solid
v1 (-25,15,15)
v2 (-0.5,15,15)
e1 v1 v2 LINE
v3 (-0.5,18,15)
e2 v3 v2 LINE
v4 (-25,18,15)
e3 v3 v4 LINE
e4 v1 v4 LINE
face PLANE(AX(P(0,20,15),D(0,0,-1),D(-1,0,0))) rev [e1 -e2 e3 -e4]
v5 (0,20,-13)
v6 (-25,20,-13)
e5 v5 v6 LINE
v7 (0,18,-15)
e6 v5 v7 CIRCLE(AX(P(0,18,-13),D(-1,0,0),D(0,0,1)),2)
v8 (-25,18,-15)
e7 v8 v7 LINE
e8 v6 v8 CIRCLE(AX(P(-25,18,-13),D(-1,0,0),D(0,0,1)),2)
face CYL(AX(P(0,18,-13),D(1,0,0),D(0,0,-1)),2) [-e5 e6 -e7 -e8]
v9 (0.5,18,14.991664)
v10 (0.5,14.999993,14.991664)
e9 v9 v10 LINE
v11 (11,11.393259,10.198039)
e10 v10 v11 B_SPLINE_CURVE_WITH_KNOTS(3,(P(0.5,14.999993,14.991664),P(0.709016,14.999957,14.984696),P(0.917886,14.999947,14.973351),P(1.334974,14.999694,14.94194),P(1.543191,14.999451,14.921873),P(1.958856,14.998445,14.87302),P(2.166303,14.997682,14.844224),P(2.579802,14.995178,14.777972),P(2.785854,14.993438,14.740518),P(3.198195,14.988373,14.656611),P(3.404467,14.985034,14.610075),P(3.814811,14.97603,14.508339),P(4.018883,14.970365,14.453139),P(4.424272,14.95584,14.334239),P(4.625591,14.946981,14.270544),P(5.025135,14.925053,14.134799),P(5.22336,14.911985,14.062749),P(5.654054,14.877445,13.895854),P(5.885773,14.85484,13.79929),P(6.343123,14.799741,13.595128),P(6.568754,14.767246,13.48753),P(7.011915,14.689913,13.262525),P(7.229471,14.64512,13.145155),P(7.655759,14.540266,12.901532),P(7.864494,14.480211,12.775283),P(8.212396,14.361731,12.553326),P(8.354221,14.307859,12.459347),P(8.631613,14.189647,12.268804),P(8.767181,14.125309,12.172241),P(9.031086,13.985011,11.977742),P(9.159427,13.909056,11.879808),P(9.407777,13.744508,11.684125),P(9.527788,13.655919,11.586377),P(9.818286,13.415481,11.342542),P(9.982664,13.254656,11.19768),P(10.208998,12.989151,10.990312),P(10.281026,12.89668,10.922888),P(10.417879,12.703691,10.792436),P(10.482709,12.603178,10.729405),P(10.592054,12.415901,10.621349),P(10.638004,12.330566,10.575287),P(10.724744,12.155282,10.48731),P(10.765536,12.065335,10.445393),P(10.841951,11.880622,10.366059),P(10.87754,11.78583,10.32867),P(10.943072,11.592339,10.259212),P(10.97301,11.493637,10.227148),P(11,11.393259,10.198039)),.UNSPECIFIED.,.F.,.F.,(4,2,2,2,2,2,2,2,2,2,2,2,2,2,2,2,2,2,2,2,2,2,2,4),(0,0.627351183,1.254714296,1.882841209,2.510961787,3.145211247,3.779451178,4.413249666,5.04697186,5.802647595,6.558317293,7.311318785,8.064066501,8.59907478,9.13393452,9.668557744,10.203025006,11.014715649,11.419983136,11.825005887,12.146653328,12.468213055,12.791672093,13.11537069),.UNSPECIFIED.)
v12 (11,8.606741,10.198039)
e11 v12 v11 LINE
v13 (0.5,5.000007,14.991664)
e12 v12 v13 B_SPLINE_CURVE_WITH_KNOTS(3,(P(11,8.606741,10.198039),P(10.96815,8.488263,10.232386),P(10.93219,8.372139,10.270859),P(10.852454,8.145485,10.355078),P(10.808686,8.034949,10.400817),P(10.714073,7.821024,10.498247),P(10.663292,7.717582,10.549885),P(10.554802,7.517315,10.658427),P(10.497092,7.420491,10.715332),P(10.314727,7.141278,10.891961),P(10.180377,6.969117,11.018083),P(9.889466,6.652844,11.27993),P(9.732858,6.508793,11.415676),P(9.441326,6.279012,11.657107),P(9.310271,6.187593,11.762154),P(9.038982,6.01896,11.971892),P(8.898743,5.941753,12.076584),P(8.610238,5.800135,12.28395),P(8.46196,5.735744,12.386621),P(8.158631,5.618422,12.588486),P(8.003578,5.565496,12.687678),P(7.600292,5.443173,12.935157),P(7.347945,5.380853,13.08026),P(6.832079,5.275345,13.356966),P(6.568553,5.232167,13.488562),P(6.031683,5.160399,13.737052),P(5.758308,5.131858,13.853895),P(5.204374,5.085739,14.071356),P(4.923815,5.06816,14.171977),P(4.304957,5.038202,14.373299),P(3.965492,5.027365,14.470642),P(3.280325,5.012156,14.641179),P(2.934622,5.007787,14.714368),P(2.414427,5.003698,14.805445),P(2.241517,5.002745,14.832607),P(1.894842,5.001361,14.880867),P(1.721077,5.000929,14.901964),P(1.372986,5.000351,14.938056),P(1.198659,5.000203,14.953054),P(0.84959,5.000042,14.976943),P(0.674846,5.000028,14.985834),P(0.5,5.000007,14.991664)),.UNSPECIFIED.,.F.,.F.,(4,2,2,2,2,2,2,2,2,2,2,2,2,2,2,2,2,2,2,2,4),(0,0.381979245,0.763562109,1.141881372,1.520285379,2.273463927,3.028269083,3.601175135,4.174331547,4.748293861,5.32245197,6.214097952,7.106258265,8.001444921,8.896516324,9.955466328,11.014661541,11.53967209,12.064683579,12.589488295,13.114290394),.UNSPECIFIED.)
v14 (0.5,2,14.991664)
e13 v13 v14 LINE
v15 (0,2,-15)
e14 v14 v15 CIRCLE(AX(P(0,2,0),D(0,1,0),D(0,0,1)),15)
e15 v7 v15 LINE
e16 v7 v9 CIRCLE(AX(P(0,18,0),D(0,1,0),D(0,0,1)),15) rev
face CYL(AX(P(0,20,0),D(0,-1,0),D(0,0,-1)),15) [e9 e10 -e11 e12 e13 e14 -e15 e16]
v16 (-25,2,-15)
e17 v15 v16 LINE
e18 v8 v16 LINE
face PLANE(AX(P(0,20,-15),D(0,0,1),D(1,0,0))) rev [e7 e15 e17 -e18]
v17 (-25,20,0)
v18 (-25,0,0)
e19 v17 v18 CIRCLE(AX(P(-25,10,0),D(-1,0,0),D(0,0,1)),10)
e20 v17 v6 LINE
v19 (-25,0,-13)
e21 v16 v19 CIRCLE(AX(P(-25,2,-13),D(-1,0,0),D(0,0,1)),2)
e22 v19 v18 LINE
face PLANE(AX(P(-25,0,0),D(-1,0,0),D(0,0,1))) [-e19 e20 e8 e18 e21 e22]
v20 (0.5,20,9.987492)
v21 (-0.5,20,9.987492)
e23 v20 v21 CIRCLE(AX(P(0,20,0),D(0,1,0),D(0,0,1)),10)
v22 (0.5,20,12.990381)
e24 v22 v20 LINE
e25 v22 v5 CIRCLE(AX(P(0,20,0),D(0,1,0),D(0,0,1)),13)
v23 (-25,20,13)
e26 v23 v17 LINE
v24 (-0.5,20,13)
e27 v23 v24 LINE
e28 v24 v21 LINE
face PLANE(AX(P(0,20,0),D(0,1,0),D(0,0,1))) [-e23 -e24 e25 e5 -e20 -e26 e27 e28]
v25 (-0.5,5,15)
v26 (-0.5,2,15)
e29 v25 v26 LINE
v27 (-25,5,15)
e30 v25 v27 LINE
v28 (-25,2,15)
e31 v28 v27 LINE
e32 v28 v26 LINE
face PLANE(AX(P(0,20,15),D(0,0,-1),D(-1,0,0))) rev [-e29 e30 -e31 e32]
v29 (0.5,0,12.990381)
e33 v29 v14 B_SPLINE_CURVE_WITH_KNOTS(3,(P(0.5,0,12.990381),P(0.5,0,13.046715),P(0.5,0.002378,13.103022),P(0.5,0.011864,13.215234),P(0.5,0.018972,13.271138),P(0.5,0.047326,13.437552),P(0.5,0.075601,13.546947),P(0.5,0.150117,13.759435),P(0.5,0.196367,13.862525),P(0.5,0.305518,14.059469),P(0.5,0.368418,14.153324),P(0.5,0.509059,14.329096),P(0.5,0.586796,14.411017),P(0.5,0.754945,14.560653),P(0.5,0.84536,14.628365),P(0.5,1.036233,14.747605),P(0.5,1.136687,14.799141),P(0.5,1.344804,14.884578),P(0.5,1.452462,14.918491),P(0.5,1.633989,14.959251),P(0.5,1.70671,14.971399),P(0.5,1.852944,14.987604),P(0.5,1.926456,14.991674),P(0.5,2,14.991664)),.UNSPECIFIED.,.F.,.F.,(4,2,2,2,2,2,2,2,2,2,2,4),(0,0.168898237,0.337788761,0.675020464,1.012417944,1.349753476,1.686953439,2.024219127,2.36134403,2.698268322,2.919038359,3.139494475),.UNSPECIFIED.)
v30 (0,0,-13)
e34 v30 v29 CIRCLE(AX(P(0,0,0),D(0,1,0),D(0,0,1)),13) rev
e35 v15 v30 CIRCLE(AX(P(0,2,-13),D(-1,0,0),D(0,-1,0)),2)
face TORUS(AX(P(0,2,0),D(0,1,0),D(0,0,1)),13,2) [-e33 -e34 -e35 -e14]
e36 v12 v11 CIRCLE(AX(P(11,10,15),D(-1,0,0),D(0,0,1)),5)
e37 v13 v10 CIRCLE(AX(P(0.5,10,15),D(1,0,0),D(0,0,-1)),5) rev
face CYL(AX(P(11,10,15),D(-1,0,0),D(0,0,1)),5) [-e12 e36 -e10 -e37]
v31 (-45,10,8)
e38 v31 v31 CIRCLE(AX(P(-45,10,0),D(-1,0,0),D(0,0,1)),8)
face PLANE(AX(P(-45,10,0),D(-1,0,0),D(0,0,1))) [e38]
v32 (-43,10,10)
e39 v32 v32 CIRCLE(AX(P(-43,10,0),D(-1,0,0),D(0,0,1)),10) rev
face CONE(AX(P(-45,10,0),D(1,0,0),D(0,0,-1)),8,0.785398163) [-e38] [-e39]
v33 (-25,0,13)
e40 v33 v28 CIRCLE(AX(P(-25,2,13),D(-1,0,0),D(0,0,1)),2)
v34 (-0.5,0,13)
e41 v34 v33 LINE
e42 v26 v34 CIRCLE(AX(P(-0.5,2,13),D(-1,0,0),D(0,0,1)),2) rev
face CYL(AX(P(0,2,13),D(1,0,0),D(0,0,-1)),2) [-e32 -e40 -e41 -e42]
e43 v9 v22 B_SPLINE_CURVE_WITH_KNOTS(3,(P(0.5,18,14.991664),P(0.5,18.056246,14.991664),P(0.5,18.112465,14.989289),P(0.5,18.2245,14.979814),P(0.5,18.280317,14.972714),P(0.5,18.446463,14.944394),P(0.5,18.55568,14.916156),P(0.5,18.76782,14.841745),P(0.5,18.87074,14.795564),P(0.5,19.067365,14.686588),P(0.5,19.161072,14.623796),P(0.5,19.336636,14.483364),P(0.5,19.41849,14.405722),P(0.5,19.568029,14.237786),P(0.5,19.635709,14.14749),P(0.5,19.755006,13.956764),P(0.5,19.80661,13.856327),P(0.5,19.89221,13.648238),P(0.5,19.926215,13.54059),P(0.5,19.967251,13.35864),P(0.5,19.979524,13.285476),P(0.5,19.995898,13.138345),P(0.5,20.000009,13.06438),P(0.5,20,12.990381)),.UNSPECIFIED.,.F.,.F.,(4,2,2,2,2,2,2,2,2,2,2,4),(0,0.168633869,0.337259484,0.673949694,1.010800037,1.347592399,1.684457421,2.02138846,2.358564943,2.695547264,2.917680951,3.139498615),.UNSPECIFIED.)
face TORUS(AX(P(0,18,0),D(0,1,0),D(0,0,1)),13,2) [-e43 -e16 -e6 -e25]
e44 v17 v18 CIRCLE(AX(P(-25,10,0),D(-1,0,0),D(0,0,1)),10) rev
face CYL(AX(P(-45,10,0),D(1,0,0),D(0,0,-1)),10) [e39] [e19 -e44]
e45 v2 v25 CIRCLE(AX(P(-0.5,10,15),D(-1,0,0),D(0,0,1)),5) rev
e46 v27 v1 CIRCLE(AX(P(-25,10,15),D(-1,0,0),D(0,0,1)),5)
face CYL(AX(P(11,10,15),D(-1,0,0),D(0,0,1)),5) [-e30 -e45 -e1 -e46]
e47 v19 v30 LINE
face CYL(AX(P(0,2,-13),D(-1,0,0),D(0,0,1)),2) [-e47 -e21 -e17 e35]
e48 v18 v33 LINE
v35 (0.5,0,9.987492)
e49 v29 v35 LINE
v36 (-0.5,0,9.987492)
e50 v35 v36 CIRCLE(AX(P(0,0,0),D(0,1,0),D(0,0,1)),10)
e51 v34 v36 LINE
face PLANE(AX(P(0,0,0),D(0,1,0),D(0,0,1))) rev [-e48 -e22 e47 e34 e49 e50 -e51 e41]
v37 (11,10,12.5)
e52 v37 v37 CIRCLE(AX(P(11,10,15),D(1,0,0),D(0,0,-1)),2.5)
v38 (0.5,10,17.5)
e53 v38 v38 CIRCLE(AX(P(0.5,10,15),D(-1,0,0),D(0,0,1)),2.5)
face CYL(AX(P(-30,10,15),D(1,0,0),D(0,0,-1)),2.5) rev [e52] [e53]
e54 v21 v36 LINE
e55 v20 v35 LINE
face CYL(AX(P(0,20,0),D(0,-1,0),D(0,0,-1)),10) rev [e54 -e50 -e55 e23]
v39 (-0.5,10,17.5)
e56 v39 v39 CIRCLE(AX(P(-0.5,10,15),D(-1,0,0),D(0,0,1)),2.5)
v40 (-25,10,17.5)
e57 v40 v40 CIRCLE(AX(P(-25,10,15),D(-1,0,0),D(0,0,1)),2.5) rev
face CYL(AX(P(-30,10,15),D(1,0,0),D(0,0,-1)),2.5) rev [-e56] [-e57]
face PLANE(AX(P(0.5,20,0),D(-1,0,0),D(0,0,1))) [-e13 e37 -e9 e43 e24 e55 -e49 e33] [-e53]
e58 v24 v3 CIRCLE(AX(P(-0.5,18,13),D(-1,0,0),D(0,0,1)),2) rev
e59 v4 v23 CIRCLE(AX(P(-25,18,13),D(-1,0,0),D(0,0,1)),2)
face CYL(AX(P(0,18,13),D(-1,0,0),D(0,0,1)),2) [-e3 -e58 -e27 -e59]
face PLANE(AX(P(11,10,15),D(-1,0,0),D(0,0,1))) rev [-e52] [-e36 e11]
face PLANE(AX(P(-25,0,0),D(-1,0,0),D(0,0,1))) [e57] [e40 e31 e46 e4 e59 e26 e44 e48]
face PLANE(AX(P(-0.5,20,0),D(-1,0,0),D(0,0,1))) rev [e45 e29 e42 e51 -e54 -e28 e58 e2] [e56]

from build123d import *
from build123d.topology import SkipClean

# Parameters (mm, degrees)
BOSS_EXTRUDE1_DEPTH = 20
SKETCH2_R           = 5
BOSS_EXTRUDE2_DEPTH = 41
CUT_EXTRUDE1_DEPTH  = 41
SKETCH4_R           = 2.5
CUT_EXTRUDE2_DEPTH  = 50.809637702
FILLET1_R           = 2
SKETCH5_R           = 10
BOSS_EXTRUDE3_DEPTH = 15
CUT_EXTRUDE3_DEPTH  = 5
CHAMFER1_SIZE       = 2


with BuildPart() as part:
    # Sketch1 → Boss-Extrude1 (new body)
    with BuildSketch(Plane(origin=(0, 0, 0), x_dir=(1, 0, 0), z_dir=(0, 1, 0))):
        with BuildLine():
            ThreePointArc((0.5, -14.991664351), (14.997915943, 0.250034739), (0, 15))
            Line((0, 15), (-30, 15))
            Line((-30, 15), (-30, -15))
            Line((-30, -15), (-0.5, -15))
            Line((-0.5, -15), (-0.5, -9.987492178))
            ThreePointArc((-0.5, -9.987492178), (0, 10), (0.5, -9.987492178))
            Line((0.5, -9.987492178), (0.5, -14.991664351))
        make_face()
    extrude(amount=BOSS_EXTRUDE1_DEPTH)

    # Sketch2 → Boss-Extrude2 (add)
    with BuildSketch(Plane.ZY.offset(30)):
        with Locations(Location((15, 10, 0), (0, 0, 270))):
            Circle(SKETCH2_R)
    extrude(amount=-BOSS_EXTRUDE2_DEPTH)

    # Sketch3 → Cut-Extrude1 (cut)
    with BuildSketch(Plane(origin=(0, 20, 0), x_dir=(1, 0, 0), z_dir=(0, 1, 0))):
        Polygon((-0.5, -15), (-0.5, -9.987492178), (0.5, -9.987492178), (0.5, -14.991664351), (0.5, -20), (-0.5, -20), align=None)
    extrude(amount=-CUT_EXTRUDE1_DEPTH, mode=Mode.SUBTRACT)

    # Sketch4 → Cut-Extrude2 (cut, through all)
    with BuildSketch(Plane(origin=(11, 0, 0), x_dir=(0, 0, -1), z_dir=(1, 0, 0))):
        with Locations((-15, 10)):
            Circle(SKETCH4_R)
    extrude(amount=-CUT_EXTRUDE2_DEPTH, mode=Mode.SUBTRACT)

    # Fillet1
    fillet1_edges = [part.edges().sort_by_distance(p)[0] for p in [
        (-15, 0, -15),
        (14.997915943, 0, -0.250034739),
        (-15, 20, -15),
        (-15.25, 20, 15),
        (14.997915943, 20, -0.250034739),
        (-15.25, 0, 15),
    ]]
    fillet(fillet1_edges, radius=FILLET1_R)

    # Sketch5 → Boss-Extrude3 (add)
    with BuildSketch(Plane.ZY.offset(30)):
        with Locations(Location((0, 10, 0), (0, 0, 270))):
            Circle(SKETCH5_R)
    extrude(amount=BOSS_EXTRUDE3_DEPTH)

    # Sketch6 → Cut-Extrude3 (cut)
    with SkipClean():  # the faces are left unmerged after this step: merging them gives an invalid solid
        with BuildSketch(Plane.ZY.offset(30)):
            with BuildLine():
                ThreePointArc((0, 0), (-10, 10), (0, 20))
                Line((0, 20), (-13, 20))
                ThreePointArc((-13, 20), (-14.414213562, 19.414213562), (-15, 18))
                Line((-15, 18), (-15, 2))
                ThreePointArc((-15, 2), (-14.414213562, 0.585786438), (-13, 0))
                Line((-13, 0), (0, 0))
            make_face()
            with BuildLine():
                Line((13, 20), (0, 20))
                ThreePointArc((0, 20), (10, 10), (0, 0))
                Line((0, 0), (13, 0))
                ThreePointArc((13, 0), (14.414213562, 0.585786438), (15, 2))
                Line((15, 2), (15, 5))
                ThreePointArc((15, 5), (20, 10), (15, 15))
                Line((15, 15), (15, 18))
                ThreePointArc((15, 18), (14.414213562, 19.414213562), (13, 20))
            make_face()
        extrude(amount=-CUT_EXTRUDE3_DEPTH, mode=Mode.SUBTRACT)

    # Chamfer1
    chamfer1_edges = [part.edges().sort_by_distance(p)[0] for p in [
        (-45, 20, 0),
    ]]
    chamfer(chamfer1_edges, length=CHAMFER1_SIZE)


solid = part.part
